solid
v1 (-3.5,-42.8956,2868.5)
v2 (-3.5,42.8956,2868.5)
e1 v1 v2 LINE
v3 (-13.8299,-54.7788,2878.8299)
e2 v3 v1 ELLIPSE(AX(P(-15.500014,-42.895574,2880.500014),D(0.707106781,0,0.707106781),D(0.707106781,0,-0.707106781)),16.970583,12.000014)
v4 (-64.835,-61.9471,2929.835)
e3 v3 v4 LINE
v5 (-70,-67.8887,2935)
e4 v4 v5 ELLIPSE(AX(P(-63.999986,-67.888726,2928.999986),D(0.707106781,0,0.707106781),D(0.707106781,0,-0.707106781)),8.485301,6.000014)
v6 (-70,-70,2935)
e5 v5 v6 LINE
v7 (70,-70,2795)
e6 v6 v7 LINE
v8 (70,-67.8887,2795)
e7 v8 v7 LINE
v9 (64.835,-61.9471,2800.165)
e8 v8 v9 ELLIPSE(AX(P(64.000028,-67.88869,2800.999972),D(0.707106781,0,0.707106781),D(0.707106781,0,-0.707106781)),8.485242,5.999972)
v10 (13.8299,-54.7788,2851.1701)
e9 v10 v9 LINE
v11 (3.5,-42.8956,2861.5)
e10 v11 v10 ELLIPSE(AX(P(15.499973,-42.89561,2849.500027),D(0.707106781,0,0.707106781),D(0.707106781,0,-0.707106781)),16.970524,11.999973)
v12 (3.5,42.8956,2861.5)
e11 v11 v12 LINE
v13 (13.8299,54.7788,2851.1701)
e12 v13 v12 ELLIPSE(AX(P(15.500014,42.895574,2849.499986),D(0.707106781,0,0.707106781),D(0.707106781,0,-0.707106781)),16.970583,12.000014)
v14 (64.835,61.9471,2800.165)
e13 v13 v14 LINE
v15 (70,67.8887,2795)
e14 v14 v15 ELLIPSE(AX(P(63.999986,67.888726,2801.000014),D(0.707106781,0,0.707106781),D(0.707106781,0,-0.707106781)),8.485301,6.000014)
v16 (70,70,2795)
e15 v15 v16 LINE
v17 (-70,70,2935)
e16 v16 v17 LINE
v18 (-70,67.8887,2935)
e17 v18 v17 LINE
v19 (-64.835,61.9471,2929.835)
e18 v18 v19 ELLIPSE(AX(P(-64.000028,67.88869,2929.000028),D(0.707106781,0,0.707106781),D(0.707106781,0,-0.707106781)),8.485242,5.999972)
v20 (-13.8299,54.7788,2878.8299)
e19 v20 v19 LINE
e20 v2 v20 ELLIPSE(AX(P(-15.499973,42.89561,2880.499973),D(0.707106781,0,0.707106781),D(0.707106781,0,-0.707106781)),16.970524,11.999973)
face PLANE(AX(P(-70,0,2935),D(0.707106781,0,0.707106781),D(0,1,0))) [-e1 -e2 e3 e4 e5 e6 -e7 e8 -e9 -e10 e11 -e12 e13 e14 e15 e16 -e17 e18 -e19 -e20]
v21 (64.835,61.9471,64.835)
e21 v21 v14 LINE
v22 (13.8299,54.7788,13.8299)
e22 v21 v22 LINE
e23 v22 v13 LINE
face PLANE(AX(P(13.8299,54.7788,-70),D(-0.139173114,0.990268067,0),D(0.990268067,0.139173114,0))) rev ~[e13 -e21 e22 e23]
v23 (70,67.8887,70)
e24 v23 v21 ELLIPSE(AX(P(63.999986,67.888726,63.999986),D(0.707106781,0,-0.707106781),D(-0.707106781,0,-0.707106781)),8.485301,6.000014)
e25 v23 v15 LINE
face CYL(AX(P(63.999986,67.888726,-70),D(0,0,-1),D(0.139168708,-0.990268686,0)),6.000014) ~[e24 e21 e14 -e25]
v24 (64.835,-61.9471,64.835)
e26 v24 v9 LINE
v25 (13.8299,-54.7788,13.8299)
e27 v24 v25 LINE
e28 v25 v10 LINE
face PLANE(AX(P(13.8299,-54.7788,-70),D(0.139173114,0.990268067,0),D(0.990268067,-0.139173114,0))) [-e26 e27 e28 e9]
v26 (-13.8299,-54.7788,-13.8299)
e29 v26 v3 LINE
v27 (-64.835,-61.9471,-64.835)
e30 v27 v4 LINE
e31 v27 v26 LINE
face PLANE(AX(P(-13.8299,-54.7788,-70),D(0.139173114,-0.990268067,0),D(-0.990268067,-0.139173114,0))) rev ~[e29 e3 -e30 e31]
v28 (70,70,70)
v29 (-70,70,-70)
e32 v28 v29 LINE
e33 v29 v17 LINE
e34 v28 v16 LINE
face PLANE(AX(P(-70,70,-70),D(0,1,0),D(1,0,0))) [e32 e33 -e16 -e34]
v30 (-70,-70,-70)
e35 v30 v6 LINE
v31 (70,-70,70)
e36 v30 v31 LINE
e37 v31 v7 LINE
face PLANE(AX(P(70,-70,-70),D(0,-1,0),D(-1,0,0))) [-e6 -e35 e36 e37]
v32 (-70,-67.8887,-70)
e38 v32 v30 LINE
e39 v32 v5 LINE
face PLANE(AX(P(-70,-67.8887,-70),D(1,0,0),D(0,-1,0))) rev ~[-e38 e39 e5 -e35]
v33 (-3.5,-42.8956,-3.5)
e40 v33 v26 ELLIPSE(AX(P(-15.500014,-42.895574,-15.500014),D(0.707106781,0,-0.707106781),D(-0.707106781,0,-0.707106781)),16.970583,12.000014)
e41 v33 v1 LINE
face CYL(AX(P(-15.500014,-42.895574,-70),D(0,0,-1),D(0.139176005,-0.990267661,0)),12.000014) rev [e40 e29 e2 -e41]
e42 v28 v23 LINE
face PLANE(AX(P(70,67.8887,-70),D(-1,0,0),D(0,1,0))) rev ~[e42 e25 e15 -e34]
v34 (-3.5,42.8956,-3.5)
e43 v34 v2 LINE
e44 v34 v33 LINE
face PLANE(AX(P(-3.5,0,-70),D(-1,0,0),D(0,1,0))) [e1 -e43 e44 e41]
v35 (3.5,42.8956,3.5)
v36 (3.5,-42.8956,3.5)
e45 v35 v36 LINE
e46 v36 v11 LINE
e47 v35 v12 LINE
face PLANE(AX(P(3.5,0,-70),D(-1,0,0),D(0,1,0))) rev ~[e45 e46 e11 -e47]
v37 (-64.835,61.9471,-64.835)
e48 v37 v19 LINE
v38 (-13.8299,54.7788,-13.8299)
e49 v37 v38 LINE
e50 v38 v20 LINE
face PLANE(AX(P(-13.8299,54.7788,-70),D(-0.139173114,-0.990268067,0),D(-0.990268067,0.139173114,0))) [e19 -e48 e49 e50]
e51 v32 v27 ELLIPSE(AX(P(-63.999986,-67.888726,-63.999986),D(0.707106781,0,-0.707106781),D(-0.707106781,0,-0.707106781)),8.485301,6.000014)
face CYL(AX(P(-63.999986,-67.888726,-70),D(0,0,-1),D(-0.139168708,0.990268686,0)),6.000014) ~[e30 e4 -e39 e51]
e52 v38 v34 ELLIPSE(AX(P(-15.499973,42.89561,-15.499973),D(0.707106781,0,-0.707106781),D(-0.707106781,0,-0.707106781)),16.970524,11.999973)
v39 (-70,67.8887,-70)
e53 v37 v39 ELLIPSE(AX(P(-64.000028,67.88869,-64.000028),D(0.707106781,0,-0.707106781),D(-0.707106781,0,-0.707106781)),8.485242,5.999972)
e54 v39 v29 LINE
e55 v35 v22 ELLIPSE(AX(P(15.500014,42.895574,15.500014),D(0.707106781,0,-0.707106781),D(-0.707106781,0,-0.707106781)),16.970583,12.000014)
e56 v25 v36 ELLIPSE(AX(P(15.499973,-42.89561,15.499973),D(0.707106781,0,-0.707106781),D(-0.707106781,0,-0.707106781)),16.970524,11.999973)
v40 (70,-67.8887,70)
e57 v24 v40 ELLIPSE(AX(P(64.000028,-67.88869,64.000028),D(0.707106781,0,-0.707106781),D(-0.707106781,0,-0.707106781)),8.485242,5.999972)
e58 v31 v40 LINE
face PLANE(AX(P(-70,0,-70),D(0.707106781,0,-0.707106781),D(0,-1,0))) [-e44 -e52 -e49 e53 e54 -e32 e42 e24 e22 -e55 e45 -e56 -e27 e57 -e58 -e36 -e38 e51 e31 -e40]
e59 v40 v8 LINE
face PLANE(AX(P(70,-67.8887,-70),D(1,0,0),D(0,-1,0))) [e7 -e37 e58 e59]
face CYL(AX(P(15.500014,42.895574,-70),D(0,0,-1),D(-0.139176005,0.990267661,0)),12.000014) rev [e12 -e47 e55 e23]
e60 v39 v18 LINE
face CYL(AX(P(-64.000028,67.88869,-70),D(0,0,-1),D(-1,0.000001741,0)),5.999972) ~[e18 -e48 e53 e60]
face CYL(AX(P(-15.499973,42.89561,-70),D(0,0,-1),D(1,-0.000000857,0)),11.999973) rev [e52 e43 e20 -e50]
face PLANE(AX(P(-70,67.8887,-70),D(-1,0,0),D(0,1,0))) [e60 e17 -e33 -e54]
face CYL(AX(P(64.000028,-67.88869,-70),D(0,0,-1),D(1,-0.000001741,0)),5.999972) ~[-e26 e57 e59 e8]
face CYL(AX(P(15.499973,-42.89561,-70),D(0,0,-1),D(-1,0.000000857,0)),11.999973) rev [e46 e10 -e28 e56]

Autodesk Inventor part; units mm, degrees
ref_plane "Начальная плоскость" through (0, 0, -70) normal (0, 0, 1) x (1, 0, 0)
ref_plane "Конечная плоскость" through (0, 0, 2935) normal (0, 0, 1) x (1, 0, 0)
sketch "Эскиз" plane through (0, 0, 0) normal (0, 0, 1) x (1, 0, 0)
  line L0 (-3.5, 0) -> (-3.5, -42.8956)
  line L1 (-13.8299, -54.7788) -> (-64.835, -61.9471)
  line L2 (-70, -67.8887) -> (-70, -70)
  line L3 (-70, -70) -> (0, -70)
  line L4 (-36.75, -70) -> (-36.75, -58) construction
  line L5 (-61.3329, 0) -> (81.7772, 0) construction
  line L6 (0, 0) -> (0, -70) construction
  line L7 (0, -60) -> (0, 80) construction
  line L8 (3.5, 0) -> (3.5, -42.8956)
  line L9 (13.8299, -54.7788) -> (64.835, -61.9471)
  line L10 (70, -67.8887) -> (70, -70)
  line L11 (70, -70) -> (0, -70)
  line L12 (-3.5, 0) -> (0, 0) construction
  line L13 (-3.5, 0) -> (-3.5, 42.8956)
  line L14 (-13.8299, 54.7788) -> (-64.835, 61.9471)
  line L15 (-70, 67.8887) -> (-70, 70)
  line L16 (-70, 70) -> (0, 70)
  line L17 (3.5, 0) -> (3.5, 42.8956)
  line L18 (13.8299, 54.7788) -> (64.835, 61.9471)
  line L19 (70, 67.8887) -> (70, 70)
  line L20 (70, 70) -> (0, 70)
  arc A0 (-70, 67.8887) -> (-64.835, 61.9471) centre (-64, 67.8887) ccw
  arc A1 (64.835, 61.9471) -> (70, 67.8887) centre (64, 67.8887) ccw
  arc A2 (70, -67.8887) -> (64.835, -61.9471) centre (64, -67.8887) ccw
  arc A3 (-64.835, -61.9471) -> (-70, -67.8887) centre (-64, -67.8887) ccw
  arc A4 (-3.5, 42.8956) -> (-13.8299, 54.7788) centre (-15.5, 42.8956) ccw
  arc A5 (13.8299, 54.7788) -> (3.5, 42.8956) centre (15.5, 42.8956) ccw
  arc A6 (3.5, -42.8956) -> (13.8299, -54.7788) centre (15.5, -42.8956) ccw
  arc A7 (-13.8299, -54.7788) -> (-3.5, -42.8956) centre (-15.5, -42.8956) ccw
  line L21 (0, 110) -> (0, -100) construction
  line L22 (-101.6883, 0) -> (112.3548, 0) construction
  point P0 (-3.5, -53.327)
  point P1 (-70, -62.673)
  point P2 (3.5, -53.327)
  point P3 (70, -62.673)
  point P4 (36.75, -70)
  point P5 (36.75, -58)
  point P6 (-3.5, 53.327)
  point P7 (-70, 62.673)
  point P8 (-36.75, 70)
  point P9 (-36.75, 58)
  point P10 (3.5, 53.327)
  point P11 (70, 62.673)
  point P12 (36.75, 58)
  point P13 (36.75, 70)
  dimension "d1" = 12
  dimension "d2" = 33.25
  dimension "d3" = 3.5
  dimension "d4" = 70
  dimension "d9" = 70
  dimension "d14" = 98
  dimension "d15" = 6
  dimension "d16" = 12
extrude "Тело" add sketch "Эскиз" along normal up to surface (3005 mm away) from surface at -70
sketch "Sketch3" plane through (0, 0, 0) normal (0, 0, 1) x (1, 0, 0)
  line L0 (0, 0) -> (10, 0)
ref_plane "Work Plane3" through (0, 0, 0) normal (0, -1, 0) x (1, 0, 0)
sketch "Sketch4" plane through (0, 0, 0) normal (0, -1, 0) x (1, 0, 0)
  line L0 (-2, -70) -> (12, -70)
  line L1 (-2, 2935) -> (12, 2935)
  dimension "d20" = 3005
ref_plane "РабПлоскость4" through (-70, 0, 2935) normal (0.7071, 0, 0.7071) x (0.7071, 0, -0.7071)
split "Разделение1" plane through (-70, 0, 2935) removes the side toward (0.7071, 0, 0.7071)
ref_plane "РабПлоскость5" through (-70, 0, -70) normal (0.7071, 0, -0.7071) x (-0.7071, 0, -0.7071)
split "Разделение2" plane through (-70, 0, -70) removes the side toward (0.7071, 0, -0.7071)
equation "\"d1\" = G_T1"
equation "\"d2\" = -0.25 * G_T + 0.25 * G_W"
equation "\"d3\" = 0.5 * G_T"
equation "\"d4\" = 0.5 * G_W"
equation "\"d9\" = 0.5 * G_H"
equation "\"d14\" = G_NG"
equation "\"d15\" = G_ER"
equation "\"d16\" = G_IR"
equation "\"d5\" = G_L"
equation "\"G_T\" = 7"
equation "\"G_T1\" = 12"
equation "\"G_L\" = d20"
equation "\"G_ER\" = 6"
equation "\"G_IR\" = 12"
equation "\"G_NG\" = 98deg"
equation "\"d18\" = G_OFFSET_END + B_L"
equation "\"B_L\" = 2865"
equation "\"G_W\" = 140"
equation "\"G_H\" = 140"
equation "\"G_OFFSET_END\" = 70"
properties part number "ISO 657 16 - SC 140 - 3005" material "Сталь, мягкая"
